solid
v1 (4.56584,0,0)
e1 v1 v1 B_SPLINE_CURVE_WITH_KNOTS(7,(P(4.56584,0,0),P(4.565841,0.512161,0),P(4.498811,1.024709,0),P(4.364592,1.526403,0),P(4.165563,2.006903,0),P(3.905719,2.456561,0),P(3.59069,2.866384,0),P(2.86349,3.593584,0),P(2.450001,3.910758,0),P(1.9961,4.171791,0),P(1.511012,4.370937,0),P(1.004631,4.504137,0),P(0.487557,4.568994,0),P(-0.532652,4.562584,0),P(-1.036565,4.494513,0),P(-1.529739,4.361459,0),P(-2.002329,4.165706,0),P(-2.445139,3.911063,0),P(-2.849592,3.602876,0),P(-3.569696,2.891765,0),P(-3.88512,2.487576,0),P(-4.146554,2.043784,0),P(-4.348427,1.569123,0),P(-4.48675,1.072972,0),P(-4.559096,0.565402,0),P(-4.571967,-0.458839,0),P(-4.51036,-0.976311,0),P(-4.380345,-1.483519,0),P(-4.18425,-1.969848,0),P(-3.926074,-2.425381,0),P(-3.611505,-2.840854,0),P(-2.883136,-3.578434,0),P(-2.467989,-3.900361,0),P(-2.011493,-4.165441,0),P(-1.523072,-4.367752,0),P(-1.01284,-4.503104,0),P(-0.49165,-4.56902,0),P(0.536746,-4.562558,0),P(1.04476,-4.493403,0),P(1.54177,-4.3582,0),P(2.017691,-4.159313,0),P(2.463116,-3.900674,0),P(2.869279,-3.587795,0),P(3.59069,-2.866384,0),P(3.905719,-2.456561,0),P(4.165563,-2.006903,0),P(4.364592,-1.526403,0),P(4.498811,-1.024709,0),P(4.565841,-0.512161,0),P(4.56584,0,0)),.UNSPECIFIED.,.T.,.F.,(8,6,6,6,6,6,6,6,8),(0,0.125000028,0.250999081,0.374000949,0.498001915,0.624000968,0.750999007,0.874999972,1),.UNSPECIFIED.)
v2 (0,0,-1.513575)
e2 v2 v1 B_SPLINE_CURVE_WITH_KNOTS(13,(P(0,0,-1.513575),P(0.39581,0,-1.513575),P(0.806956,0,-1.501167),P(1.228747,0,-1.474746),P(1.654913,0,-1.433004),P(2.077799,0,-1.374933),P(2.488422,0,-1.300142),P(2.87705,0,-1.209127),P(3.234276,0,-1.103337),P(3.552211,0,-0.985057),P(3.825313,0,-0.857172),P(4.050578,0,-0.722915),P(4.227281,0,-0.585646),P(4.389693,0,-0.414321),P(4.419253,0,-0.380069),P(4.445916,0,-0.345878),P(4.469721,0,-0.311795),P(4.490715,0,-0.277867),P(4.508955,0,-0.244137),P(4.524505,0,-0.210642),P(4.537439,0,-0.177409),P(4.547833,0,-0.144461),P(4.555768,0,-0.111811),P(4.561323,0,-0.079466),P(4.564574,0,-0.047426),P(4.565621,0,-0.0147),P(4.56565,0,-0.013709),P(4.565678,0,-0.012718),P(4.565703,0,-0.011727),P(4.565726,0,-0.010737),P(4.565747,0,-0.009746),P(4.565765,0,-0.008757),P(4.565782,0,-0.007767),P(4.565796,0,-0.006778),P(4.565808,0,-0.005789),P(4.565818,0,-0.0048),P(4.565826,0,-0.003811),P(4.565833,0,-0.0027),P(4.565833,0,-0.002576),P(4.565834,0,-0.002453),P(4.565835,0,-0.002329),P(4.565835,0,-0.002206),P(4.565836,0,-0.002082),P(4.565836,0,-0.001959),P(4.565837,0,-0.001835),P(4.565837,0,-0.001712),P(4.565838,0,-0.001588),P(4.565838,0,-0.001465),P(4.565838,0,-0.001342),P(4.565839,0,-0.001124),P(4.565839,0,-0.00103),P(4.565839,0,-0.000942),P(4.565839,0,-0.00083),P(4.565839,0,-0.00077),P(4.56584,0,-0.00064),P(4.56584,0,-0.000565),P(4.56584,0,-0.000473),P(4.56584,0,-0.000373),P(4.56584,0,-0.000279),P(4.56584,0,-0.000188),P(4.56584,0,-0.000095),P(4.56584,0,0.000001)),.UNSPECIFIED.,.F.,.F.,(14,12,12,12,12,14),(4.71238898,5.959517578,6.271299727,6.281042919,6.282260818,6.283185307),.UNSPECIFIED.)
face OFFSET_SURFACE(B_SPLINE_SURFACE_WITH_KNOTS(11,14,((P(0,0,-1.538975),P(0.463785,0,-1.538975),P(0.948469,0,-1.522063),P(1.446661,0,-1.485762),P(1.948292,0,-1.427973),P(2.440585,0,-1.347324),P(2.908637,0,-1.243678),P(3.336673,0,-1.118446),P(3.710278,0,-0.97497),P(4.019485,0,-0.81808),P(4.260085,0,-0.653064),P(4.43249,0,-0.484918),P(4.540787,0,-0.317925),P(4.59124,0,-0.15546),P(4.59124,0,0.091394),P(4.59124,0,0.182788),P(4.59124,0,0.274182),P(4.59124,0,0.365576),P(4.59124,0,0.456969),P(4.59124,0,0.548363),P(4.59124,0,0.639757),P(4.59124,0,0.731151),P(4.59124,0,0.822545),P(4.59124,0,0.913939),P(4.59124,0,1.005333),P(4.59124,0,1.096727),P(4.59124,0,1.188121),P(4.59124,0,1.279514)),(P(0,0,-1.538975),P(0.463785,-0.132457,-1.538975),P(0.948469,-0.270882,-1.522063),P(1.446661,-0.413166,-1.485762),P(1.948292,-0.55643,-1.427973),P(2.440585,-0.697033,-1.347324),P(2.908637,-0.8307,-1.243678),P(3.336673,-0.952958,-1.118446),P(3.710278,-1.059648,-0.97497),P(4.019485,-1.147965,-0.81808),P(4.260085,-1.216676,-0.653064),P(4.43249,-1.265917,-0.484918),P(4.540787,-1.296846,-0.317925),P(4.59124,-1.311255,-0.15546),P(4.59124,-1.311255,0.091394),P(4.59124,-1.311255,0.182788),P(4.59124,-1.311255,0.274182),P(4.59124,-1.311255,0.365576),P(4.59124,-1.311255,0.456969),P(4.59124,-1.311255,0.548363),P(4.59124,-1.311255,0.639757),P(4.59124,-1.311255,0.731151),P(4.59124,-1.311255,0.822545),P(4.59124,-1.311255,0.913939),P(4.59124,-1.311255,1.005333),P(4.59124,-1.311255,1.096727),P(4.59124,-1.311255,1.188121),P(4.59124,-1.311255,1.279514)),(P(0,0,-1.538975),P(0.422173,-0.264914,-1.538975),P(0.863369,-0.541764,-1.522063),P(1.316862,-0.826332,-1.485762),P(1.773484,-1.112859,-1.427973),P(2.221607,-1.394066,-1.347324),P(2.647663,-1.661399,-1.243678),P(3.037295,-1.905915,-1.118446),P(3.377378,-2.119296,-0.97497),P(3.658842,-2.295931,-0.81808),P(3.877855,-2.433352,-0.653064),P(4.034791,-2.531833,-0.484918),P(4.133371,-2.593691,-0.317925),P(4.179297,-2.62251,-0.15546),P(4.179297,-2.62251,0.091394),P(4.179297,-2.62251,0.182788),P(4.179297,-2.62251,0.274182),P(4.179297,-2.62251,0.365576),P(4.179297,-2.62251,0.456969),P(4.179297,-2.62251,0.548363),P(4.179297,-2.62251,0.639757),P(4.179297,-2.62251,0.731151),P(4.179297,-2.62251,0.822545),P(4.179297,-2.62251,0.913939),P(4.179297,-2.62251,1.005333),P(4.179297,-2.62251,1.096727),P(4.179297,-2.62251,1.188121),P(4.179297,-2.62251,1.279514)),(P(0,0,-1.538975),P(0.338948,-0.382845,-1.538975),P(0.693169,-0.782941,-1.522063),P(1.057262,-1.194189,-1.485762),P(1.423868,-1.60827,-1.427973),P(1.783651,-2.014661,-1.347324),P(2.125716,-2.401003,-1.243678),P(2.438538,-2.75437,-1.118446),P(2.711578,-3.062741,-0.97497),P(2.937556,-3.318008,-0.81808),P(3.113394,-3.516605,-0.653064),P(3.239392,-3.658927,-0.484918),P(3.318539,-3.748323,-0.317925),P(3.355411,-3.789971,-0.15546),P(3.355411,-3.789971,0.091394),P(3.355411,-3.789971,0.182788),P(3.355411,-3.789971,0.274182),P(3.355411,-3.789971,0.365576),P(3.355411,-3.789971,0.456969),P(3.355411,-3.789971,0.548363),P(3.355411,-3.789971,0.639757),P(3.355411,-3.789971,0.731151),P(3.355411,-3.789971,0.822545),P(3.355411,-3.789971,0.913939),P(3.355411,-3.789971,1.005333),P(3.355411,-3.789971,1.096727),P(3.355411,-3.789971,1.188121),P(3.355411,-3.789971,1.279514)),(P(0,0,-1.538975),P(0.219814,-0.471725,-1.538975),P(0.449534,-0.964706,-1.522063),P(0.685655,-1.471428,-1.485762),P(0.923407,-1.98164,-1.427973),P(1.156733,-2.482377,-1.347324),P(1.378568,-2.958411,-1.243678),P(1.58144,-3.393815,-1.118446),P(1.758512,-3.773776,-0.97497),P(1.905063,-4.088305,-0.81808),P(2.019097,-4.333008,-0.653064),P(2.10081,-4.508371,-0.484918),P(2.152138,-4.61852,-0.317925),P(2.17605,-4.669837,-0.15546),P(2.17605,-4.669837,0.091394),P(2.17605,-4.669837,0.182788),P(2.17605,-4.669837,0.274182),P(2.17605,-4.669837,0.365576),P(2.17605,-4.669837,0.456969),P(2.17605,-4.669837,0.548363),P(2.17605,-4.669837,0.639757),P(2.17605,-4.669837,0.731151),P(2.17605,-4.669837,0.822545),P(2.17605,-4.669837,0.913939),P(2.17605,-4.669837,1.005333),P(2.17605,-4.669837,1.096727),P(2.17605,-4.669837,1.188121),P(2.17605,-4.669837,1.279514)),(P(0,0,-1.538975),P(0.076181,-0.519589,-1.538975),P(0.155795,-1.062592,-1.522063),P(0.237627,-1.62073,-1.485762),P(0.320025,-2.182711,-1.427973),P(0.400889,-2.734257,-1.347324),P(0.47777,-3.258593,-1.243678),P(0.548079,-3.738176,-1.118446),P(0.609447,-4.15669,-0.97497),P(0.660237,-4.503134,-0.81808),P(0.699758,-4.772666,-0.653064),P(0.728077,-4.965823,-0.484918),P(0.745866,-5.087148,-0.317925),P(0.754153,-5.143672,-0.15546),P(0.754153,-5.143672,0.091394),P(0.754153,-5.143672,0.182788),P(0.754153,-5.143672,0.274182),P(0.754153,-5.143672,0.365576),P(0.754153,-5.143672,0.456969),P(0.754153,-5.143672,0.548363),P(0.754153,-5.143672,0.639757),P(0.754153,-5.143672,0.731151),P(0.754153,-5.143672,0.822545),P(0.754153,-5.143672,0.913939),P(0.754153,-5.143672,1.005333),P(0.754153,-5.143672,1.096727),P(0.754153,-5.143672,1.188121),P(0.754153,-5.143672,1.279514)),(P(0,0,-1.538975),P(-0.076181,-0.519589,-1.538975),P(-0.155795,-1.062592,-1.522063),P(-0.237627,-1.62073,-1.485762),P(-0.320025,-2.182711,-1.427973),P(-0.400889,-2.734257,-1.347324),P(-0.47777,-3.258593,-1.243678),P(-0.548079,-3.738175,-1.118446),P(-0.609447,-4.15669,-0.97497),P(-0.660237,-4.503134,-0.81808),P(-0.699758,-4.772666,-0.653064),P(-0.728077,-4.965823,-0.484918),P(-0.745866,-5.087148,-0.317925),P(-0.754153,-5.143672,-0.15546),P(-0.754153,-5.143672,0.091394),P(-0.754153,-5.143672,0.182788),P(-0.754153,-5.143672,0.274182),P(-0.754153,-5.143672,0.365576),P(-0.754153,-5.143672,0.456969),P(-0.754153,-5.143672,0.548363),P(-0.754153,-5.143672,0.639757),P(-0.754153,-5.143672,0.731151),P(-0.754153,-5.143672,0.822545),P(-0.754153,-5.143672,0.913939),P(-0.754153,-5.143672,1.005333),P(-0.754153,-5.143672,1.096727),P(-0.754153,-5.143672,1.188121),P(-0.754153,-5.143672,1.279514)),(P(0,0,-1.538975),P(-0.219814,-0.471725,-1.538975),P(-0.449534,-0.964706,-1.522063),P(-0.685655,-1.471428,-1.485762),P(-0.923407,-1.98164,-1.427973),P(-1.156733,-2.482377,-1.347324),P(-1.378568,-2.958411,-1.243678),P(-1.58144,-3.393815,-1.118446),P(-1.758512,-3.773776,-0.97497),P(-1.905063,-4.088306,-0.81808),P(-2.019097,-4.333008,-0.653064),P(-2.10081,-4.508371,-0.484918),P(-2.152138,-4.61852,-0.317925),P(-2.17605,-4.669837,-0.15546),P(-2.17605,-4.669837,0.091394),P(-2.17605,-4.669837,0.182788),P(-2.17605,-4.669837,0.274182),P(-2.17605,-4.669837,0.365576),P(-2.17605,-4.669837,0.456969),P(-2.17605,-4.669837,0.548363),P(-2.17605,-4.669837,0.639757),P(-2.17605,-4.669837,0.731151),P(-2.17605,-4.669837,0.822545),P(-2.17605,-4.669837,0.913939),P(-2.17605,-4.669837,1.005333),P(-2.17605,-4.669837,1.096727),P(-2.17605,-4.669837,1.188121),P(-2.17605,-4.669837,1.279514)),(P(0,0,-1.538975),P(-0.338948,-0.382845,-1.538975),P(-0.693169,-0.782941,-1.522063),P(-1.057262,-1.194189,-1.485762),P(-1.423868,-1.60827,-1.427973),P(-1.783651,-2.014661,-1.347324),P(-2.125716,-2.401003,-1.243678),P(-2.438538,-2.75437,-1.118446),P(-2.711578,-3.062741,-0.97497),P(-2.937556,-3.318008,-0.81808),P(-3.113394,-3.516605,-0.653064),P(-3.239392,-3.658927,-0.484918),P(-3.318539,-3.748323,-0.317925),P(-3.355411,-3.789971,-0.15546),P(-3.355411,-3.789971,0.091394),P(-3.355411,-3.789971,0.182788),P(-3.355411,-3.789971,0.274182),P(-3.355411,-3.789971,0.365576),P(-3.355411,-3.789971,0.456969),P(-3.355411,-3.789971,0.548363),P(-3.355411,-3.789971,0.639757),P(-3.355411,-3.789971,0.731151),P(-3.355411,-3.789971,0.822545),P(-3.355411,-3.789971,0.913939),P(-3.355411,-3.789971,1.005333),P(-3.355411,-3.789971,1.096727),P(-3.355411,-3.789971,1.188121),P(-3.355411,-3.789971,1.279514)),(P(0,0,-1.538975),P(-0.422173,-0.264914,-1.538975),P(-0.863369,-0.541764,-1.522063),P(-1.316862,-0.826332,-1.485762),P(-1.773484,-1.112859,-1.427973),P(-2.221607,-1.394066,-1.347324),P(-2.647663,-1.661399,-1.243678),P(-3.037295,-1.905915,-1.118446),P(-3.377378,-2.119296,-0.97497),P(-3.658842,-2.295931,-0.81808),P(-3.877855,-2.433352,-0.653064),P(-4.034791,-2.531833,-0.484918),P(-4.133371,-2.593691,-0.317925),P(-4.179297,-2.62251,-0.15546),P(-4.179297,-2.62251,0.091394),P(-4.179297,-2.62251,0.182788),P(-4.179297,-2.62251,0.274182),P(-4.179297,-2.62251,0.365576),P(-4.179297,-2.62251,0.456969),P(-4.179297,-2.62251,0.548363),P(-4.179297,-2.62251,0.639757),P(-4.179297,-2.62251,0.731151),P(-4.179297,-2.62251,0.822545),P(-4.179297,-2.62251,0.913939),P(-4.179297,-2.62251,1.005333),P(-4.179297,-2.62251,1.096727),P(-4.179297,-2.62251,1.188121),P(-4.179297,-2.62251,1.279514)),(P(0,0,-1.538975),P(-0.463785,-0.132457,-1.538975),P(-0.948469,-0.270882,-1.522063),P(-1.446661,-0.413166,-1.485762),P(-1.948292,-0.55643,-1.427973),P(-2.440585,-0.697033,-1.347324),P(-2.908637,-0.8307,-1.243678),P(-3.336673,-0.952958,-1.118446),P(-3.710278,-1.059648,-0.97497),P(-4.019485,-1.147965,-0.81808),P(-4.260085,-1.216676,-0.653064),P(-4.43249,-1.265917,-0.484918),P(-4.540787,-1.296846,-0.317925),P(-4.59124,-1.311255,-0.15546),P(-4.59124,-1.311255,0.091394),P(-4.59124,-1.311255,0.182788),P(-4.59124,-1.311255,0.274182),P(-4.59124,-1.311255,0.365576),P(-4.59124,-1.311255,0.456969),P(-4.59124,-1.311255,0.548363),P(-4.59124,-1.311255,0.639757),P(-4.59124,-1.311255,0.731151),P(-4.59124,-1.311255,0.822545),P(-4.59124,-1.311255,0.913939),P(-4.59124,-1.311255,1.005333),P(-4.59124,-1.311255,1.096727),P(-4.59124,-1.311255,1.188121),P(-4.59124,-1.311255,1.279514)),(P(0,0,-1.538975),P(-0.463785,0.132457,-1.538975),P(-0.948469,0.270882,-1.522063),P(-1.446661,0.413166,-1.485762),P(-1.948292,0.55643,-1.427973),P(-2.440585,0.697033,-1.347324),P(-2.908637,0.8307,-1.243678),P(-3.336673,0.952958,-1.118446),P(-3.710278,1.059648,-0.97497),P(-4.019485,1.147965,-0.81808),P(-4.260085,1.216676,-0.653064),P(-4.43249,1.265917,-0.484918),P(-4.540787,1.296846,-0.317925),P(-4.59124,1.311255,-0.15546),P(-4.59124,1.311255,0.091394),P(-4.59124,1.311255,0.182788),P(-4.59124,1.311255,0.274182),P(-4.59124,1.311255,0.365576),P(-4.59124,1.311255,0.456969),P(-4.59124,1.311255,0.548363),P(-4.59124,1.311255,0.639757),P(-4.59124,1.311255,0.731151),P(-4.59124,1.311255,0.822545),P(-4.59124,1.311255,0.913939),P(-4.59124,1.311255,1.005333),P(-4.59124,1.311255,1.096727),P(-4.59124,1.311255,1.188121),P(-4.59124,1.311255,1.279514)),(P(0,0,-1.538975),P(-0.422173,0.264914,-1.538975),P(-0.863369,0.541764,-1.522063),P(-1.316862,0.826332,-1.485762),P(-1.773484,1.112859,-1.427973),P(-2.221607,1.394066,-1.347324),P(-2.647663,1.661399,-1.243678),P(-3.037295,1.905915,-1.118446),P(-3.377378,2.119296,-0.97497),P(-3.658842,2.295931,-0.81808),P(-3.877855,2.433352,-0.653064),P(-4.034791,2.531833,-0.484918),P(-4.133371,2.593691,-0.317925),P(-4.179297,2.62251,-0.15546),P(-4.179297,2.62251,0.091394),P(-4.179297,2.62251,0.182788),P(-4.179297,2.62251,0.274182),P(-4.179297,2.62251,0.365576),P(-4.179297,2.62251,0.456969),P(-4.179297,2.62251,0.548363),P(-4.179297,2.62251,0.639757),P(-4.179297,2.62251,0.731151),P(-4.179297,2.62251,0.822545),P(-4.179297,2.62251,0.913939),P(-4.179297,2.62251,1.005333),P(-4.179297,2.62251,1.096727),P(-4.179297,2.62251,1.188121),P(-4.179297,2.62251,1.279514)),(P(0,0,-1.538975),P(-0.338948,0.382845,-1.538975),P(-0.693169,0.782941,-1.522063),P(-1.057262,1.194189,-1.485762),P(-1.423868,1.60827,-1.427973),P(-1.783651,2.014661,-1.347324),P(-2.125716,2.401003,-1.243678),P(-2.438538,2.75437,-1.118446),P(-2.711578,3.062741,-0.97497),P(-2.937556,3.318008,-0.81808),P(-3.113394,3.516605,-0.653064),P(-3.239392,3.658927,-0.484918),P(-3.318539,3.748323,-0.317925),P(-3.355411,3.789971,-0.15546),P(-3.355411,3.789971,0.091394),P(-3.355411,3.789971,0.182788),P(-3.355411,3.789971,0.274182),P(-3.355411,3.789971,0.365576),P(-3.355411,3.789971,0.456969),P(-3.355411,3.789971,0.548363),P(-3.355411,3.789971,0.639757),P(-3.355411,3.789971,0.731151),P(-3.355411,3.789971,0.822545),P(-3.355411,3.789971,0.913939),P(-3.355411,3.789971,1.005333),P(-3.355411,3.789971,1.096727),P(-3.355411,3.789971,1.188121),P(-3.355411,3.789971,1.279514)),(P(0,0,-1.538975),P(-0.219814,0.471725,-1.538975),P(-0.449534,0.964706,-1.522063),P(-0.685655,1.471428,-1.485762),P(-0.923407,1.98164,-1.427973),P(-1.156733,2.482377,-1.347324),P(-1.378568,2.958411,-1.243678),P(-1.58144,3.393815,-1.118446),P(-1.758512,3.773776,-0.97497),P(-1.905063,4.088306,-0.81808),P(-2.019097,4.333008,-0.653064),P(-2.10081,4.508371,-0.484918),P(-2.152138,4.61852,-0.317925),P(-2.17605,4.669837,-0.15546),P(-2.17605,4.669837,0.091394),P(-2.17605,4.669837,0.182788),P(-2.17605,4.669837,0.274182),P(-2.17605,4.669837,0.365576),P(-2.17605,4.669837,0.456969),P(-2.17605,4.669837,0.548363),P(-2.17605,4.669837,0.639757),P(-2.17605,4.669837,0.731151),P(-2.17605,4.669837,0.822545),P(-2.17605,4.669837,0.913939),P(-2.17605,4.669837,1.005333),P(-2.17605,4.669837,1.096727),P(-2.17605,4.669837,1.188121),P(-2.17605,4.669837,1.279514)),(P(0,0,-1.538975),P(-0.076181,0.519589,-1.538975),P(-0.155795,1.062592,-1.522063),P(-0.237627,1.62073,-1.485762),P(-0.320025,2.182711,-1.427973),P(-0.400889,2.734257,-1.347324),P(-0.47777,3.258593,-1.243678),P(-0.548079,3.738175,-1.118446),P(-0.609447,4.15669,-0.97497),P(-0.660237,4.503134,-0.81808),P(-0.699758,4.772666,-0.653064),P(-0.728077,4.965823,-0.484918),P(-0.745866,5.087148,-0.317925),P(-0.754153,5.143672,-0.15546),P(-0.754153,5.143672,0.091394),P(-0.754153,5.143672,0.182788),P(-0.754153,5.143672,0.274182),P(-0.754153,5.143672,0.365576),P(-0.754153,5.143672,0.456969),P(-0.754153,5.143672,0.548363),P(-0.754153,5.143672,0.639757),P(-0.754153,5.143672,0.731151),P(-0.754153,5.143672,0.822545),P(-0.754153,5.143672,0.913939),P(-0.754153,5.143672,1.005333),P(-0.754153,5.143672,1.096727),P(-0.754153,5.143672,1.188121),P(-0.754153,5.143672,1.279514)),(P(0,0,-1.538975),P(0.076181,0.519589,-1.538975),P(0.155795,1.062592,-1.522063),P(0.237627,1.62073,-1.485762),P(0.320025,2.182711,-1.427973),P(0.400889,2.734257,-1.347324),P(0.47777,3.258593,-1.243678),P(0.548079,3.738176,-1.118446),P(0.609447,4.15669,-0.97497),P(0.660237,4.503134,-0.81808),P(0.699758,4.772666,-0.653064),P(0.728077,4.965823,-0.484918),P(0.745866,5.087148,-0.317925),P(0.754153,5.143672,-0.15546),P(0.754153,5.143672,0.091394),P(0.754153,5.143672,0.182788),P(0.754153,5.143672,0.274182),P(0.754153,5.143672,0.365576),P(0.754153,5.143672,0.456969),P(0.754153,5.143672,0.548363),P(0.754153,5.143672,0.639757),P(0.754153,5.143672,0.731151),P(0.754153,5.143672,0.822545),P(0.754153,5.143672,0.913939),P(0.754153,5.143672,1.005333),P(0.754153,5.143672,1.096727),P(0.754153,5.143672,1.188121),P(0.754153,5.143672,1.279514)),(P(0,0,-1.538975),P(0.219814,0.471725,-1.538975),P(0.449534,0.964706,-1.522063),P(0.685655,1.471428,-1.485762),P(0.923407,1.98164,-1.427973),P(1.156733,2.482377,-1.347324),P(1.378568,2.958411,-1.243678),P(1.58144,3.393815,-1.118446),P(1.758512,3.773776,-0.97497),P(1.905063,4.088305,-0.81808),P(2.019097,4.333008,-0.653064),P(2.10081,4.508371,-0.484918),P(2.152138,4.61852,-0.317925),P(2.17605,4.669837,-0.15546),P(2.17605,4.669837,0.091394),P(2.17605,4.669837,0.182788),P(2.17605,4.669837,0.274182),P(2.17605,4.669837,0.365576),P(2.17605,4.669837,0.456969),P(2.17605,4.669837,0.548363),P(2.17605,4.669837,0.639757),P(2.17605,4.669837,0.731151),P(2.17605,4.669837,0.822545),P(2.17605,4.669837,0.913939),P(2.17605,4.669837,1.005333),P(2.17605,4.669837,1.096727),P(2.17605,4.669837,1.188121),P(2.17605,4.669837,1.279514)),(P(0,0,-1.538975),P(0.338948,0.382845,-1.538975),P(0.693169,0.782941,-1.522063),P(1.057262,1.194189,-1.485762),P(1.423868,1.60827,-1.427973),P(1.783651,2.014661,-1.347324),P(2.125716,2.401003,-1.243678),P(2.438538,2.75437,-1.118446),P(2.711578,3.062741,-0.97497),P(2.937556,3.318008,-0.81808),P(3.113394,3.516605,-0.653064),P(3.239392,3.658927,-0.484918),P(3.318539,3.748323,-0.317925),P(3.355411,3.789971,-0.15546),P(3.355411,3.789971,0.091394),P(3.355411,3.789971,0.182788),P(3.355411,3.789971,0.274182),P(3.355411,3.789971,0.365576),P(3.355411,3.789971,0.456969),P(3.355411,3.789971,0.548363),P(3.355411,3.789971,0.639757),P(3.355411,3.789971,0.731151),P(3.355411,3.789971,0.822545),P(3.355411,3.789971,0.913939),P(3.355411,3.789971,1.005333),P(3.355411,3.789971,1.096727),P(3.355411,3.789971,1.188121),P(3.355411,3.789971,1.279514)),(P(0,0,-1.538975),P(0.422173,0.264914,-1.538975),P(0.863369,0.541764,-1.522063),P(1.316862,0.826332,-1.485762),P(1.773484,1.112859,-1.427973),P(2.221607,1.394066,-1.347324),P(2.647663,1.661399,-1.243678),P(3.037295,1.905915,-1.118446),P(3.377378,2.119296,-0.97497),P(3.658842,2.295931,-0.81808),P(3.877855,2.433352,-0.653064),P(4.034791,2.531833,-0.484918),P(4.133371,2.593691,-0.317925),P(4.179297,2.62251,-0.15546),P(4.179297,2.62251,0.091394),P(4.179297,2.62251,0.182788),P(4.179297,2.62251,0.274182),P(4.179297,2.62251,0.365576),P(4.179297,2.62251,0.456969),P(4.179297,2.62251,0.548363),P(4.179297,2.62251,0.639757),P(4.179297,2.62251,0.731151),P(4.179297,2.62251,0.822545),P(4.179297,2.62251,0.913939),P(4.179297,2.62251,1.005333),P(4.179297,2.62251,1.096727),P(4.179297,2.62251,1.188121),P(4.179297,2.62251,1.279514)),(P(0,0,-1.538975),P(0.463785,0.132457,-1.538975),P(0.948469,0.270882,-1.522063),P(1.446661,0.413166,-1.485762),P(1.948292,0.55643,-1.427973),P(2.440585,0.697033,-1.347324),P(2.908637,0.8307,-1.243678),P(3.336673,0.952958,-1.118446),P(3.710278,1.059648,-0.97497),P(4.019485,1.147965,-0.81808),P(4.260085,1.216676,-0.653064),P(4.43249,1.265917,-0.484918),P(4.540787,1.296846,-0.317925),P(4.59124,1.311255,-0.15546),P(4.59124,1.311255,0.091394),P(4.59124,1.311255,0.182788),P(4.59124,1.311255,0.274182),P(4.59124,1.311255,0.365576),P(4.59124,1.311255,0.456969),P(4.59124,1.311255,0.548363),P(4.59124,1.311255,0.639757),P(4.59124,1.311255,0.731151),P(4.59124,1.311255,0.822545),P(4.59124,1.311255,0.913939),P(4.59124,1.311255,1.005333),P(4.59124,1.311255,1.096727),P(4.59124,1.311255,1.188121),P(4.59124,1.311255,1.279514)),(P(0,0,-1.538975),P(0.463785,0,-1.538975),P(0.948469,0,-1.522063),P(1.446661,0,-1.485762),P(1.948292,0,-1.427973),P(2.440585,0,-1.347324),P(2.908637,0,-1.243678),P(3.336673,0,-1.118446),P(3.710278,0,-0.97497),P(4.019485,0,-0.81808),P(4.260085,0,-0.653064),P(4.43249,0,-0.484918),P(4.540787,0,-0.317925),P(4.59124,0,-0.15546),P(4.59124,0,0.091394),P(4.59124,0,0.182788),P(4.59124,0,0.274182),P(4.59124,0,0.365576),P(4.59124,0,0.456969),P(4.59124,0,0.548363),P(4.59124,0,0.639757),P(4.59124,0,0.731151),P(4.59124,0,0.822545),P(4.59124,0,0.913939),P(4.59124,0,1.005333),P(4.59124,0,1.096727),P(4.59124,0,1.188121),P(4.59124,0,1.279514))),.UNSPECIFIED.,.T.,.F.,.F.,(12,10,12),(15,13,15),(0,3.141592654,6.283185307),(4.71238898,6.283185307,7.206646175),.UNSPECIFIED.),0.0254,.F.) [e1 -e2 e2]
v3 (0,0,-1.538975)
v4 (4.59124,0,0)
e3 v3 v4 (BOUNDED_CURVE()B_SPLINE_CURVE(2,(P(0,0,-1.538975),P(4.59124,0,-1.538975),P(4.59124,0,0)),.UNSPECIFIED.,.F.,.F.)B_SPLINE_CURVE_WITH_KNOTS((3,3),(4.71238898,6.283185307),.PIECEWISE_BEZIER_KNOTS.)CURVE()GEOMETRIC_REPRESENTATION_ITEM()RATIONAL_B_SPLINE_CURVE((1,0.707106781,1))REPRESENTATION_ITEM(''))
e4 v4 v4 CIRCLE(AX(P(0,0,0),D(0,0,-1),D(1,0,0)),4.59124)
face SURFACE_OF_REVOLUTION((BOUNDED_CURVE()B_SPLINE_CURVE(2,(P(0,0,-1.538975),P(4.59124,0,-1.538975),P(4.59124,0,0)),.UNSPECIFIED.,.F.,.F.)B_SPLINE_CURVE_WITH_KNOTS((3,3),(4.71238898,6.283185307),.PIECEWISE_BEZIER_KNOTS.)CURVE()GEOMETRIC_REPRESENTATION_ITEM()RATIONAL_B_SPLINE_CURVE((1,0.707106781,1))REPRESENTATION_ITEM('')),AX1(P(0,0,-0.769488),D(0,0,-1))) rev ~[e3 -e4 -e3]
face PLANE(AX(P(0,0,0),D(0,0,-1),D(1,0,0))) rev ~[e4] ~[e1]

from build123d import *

# Parameters (mm, degrees)
F2_T = -0.0254


with BuildPart() as f1:
    # F0 (on Front) → F1 (revolve)
    with BuildSketch(Plane.XZ):
        with BuildLine():
            Line((0, 0), (0, -1.5389750479))
            add(Edge.make_bspline(
                [(0, -1.5389750479), (4.5912400819, -1.5389750479), (4.5912400819, 0)],
                knots=[4.7123889804, 4.7123889804, 4.7123889804, 6.2831853072, 6.2831853072, 6.2831853072], degree=2, weights=[1, 0.7071067812, 1]))
            Line((4.5912400819, 0), (0, 0))
        make_face()
    revolve(axis=Axis((0, 0, -0.7694875239), (0, 0, -1)))

    # F2
    f2_openings = [f1.faces().sort_by_distance(p)[0] for p in [
        (0, 0, 0),
    ]]
    offset(amount=F2_T, openings=f2_openings)


solid = f1.part
